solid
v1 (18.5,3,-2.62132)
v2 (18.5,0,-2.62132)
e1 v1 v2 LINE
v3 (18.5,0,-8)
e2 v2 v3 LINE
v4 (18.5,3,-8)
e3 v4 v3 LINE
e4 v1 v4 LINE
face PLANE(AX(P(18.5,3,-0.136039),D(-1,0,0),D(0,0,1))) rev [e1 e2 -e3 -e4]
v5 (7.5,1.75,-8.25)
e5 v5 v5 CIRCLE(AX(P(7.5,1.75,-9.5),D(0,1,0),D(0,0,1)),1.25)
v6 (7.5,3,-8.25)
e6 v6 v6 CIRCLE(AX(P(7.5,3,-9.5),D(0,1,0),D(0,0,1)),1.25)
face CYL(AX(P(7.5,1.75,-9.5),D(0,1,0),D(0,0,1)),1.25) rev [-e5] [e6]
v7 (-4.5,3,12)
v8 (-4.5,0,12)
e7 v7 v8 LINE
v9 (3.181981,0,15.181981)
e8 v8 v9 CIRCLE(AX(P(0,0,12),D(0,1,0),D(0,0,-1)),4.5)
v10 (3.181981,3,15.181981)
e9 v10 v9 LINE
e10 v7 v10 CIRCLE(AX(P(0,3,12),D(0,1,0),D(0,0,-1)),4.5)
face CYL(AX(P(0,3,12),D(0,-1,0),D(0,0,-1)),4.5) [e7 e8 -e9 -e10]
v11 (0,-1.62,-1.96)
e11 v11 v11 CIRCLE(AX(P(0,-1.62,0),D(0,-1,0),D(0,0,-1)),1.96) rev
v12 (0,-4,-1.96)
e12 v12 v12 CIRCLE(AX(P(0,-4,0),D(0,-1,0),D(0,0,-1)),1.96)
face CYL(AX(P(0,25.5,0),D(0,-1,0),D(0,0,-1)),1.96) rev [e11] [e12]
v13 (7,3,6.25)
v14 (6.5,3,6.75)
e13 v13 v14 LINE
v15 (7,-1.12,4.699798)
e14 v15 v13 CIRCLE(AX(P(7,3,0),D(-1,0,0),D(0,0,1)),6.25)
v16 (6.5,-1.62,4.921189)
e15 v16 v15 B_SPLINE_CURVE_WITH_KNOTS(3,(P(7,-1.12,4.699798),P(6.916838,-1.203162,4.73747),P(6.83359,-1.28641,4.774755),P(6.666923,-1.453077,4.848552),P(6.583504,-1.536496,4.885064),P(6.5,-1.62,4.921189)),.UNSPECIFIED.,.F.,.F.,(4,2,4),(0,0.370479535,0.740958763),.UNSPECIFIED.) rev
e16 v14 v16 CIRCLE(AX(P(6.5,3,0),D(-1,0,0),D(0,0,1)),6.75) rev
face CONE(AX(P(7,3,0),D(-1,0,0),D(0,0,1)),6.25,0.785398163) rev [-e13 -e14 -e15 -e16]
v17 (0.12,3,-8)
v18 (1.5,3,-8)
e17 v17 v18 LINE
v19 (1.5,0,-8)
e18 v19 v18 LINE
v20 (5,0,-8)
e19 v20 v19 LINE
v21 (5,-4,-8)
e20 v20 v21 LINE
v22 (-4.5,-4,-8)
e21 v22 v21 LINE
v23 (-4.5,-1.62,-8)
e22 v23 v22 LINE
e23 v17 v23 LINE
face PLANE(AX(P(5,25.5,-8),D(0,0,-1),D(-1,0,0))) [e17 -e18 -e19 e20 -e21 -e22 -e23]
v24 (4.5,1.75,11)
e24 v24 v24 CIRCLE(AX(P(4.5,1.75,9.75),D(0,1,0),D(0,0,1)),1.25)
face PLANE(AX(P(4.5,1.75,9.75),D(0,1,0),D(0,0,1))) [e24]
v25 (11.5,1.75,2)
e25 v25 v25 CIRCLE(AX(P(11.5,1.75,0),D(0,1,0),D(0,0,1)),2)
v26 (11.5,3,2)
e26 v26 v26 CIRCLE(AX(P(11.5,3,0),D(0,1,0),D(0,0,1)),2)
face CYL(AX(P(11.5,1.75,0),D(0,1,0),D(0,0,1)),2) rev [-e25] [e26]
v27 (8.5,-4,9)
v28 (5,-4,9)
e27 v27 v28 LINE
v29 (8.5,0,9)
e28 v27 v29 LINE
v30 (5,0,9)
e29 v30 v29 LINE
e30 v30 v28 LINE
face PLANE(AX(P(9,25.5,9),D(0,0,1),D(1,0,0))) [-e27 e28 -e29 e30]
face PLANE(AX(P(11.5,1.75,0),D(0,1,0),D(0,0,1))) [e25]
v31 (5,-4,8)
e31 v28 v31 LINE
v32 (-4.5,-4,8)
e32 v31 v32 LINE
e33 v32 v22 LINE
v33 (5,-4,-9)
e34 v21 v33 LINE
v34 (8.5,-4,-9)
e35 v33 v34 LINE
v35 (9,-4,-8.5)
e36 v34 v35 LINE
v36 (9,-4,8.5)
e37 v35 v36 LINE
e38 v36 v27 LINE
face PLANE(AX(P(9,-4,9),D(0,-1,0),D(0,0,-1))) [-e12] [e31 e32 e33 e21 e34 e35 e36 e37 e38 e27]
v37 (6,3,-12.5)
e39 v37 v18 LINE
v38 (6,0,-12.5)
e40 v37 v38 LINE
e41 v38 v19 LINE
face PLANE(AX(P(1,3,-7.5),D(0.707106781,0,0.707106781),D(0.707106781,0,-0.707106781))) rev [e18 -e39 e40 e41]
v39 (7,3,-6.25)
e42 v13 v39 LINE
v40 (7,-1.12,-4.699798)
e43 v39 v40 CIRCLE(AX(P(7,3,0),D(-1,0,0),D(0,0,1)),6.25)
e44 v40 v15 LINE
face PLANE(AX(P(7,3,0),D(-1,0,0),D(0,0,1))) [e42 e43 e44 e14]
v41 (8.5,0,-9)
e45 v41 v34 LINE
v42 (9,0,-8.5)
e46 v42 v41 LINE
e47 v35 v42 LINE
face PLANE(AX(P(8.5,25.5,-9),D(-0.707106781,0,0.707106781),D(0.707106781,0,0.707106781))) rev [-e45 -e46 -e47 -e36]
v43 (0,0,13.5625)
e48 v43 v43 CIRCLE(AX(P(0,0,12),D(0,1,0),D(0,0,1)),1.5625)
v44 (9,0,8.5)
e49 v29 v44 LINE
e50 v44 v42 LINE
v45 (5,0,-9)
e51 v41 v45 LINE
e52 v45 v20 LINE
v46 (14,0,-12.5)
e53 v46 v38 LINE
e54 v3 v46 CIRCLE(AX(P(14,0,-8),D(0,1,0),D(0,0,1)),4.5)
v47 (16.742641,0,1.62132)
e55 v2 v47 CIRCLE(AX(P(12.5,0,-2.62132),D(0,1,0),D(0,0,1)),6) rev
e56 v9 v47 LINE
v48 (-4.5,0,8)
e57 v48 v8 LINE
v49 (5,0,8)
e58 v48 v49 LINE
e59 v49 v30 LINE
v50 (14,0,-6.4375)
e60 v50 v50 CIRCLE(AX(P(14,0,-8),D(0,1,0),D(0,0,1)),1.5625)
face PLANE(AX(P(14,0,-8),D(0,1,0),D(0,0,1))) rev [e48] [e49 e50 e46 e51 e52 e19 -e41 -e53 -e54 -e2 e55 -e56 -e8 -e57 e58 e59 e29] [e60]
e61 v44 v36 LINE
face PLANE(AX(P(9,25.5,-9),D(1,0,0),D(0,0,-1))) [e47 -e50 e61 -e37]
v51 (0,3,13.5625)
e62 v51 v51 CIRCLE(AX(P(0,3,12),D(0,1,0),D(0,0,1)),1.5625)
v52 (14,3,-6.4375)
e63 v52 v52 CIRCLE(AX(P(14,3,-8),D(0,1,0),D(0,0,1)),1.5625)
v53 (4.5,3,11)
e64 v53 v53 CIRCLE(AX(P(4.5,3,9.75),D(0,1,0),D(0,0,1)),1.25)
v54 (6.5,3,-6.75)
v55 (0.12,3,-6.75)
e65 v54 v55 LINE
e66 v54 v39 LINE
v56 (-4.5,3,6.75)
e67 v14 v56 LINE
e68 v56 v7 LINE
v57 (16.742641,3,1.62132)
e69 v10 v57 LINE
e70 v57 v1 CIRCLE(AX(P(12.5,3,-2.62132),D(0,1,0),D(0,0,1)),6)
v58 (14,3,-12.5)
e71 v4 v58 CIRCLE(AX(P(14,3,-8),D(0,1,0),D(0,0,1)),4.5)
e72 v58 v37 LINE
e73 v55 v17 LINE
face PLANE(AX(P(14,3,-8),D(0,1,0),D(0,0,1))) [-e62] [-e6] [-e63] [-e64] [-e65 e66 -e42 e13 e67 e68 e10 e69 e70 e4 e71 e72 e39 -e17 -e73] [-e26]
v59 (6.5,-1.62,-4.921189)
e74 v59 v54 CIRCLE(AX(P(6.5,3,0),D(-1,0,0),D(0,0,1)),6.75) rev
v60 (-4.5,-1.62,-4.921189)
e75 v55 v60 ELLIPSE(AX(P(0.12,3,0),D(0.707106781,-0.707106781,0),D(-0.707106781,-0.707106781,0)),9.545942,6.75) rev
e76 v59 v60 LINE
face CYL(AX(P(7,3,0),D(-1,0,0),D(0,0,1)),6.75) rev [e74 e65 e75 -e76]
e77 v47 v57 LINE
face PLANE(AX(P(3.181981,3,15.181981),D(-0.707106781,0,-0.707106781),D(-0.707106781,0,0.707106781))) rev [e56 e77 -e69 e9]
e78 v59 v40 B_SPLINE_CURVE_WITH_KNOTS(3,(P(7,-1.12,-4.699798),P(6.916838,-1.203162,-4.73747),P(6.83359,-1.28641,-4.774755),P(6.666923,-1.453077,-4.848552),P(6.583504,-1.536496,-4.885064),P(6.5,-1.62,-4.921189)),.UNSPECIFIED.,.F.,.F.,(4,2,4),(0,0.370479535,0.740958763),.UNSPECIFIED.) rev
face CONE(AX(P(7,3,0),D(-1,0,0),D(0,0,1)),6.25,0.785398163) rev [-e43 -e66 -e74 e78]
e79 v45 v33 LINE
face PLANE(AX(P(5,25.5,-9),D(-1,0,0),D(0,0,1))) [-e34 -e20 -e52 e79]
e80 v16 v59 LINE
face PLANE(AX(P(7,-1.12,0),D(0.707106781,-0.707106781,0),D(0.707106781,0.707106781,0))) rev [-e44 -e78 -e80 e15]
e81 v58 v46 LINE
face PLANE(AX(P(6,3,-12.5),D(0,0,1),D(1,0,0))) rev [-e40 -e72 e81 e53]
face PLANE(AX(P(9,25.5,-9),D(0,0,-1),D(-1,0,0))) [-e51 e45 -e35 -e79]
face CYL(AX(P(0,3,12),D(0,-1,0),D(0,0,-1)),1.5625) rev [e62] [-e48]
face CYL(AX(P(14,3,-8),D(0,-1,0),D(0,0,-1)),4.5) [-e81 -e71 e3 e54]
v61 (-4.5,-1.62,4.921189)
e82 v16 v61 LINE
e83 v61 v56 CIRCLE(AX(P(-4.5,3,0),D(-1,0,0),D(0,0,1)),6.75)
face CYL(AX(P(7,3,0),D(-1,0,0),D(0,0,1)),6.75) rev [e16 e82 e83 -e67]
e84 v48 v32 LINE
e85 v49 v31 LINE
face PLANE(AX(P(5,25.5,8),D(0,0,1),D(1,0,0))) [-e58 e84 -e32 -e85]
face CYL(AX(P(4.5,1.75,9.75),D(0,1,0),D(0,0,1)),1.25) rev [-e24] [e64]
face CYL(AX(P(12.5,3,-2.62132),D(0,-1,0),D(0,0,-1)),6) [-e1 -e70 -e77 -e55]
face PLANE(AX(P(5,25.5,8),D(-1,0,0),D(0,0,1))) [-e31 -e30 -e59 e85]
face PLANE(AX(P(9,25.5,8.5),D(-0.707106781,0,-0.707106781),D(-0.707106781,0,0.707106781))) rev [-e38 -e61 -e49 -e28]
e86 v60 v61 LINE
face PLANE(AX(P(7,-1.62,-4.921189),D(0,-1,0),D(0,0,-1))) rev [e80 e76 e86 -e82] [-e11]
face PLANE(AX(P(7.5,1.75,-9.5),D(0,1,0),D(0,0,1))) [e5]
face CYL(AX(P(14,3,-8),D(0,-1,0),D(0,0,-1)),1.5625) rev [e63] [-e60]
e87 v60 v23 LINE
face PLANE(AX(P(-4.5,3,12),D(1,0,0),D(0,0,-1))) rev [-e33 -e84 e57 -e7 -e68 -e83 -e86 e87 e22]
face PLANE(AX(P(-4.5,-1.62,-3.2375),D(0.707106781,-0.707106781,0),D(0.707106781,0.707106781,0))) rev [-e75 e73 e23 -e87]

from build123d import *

# Parameters (mm, degrees)
SKETCH1_R                = 1.5625
BOSS_EXTRUDE1_DEPTH      = 3
SKETCH2_R                = 1.96
BOSS_EXTRUDE2_DEPTH      = 4
BOSS_EXTRUDE2_DEPTH_BACK = 3
CUT_EXTRUDE1_DEPTH       = 11.5
CHAMFER1_SIZE            = 0.5
CUT_EXTRUDE3_DEPTH       = 4.7625
FILLET1_R                = 6
SKETCH6_R                = 2
SKETCH6_R_2              = 1.25
CUT_EXTRUDE4_DEPTH       = 1.25


with BuildPart() as part:
    # Sketch1 → Boss-Extrude1 (new body)
    with BuildSketch(Plane(origin=(0, 0, 0), x_dir=(1, 0, 0), z_dir=(0, 1, 0))):
        with BuildLine():
            Line((3.181980515, -15.181980515), (18.5, 0.136038969))
            Line((18.5, 0.136038969), (18.5, 8))
            ThreePointArc((18.5, 8), (17.181980515, 11.181980515), (14, 12.5))
            Line((14, 12.5), (6, 12.5))
            Line((6, 12.5), (1, 7.5))
            Line((1, 7.5), (-4.5, 2))
            Line((-4.5, 2), (-4.5, -6.5))
            Line((-4.5, -6.5), (-4.5, -12))
            ThreePointArc((-4.5, -12), (-1.722075446, -16.157457896), (3.181980515, -15.181980515))
        make_face()
        with Locations((0, -12)):
            Circle(SKETCH1_R, mode=Mode.SUBTRACT)
        with Locations((14, 8)):
            Circle(SKETCH1_R, mode=Mode.SUBTRACT)
    extrude(amount=BOSS_EXTRUDE1_DEPTH)

    # Sketch2 → Boss-Extrude2 (add, two sides)
    with BuildSketch(Plane.XZ) as boss_extrude2_sk:
        Polygon((9, -9), (5, -9), (5, -8), (-4.5, -8), (-4.5, 8), (5, 8), (5, 9), (9, 9), align=None)
        Circle(SKETCH2_R, mode=Mode.SUBTRACT)
    extrude(amount=BOSS_EXTRUDE2_DEPTH)
    extrude(boss_extrude2_sk.sketch, amount=-BOSS_EXTRUDE2_DEPTH_BACK)

    # Sketch3 → Cut-Extrude1 (cut)
    with BuildSketch(Plane.ZY.offset(4.5)):
        with BuildLine():
            Line((-4.921188881, -1.62), (4.921188881, -1.62))
            ThreePointArc((4.921188881, -1.62), (6.276166224, 0.515601174), (6.75, 3))
            Line((6.75, 3), (-6.75, 3))
            ThreePointArc((-6.75, 3), (-6.276166224, 0.515601174), (-4.921188881, -1.62))
        make_face()
    extrude(amount=-CUT_EXTRUDE1_DEPTH, mode=Mode.SUBTRACT)

    # Chamfer1
    chamfer1_edges = [part.edges().sort_by_distance(p)[0] for p in [
        (9, -2, 9),
        (9, -2, -9),
        (7, -1.62, 0),
        (7, 0.515601174, -6.276166224),
        (7, 0.515601174, 6.276166224),
    ]]
    chamfer(chamfer1_edges, length=CHAMFER1_SIZE)

    # Sketch5 → Cut-Extrude3 (cut)
    with BuildSketch(Plane(origin=(0, 0, -8), x_dir=(-1, 0, 0), z_dir=(0, 0, -1))):
        Polygon((4.5, -1.62), (-0.12, 3), (4.5, 3), align=None)
    extrude(amount=-CUT_EXTRUDE3_DEPTH, mode=Mode.SUBTRACT)

    # Fillet1
    fillet1_edges = [part.edges().sort_by_distance(p)[0] for p in [
        (18.5, 1.5, -0.136038969),
    ]]
    fillet(fillet1_edges, radius=FILLET1_R)

    # Sketch6 → Cut-Extrude4 (cut)
    with BuildSketch(Plane(origin=(0, 3, 0), x_dir=(1, 0, 0), z_dir=(0, 1, 0))):
        with Locations((11.5, 0)):
            Circle(SKETCH6_R)
        with Locations((4.5, -9.75)):
            Circle(SKETCH6_R_2)
        with Locations((7.5, 9.5)):
            Circle(SKETCH6_R_2)
    extrude(amount=-CUT_EXTRUDE4_DEPTH, mode=Mode.SUBTRACT)


solid = part.part
